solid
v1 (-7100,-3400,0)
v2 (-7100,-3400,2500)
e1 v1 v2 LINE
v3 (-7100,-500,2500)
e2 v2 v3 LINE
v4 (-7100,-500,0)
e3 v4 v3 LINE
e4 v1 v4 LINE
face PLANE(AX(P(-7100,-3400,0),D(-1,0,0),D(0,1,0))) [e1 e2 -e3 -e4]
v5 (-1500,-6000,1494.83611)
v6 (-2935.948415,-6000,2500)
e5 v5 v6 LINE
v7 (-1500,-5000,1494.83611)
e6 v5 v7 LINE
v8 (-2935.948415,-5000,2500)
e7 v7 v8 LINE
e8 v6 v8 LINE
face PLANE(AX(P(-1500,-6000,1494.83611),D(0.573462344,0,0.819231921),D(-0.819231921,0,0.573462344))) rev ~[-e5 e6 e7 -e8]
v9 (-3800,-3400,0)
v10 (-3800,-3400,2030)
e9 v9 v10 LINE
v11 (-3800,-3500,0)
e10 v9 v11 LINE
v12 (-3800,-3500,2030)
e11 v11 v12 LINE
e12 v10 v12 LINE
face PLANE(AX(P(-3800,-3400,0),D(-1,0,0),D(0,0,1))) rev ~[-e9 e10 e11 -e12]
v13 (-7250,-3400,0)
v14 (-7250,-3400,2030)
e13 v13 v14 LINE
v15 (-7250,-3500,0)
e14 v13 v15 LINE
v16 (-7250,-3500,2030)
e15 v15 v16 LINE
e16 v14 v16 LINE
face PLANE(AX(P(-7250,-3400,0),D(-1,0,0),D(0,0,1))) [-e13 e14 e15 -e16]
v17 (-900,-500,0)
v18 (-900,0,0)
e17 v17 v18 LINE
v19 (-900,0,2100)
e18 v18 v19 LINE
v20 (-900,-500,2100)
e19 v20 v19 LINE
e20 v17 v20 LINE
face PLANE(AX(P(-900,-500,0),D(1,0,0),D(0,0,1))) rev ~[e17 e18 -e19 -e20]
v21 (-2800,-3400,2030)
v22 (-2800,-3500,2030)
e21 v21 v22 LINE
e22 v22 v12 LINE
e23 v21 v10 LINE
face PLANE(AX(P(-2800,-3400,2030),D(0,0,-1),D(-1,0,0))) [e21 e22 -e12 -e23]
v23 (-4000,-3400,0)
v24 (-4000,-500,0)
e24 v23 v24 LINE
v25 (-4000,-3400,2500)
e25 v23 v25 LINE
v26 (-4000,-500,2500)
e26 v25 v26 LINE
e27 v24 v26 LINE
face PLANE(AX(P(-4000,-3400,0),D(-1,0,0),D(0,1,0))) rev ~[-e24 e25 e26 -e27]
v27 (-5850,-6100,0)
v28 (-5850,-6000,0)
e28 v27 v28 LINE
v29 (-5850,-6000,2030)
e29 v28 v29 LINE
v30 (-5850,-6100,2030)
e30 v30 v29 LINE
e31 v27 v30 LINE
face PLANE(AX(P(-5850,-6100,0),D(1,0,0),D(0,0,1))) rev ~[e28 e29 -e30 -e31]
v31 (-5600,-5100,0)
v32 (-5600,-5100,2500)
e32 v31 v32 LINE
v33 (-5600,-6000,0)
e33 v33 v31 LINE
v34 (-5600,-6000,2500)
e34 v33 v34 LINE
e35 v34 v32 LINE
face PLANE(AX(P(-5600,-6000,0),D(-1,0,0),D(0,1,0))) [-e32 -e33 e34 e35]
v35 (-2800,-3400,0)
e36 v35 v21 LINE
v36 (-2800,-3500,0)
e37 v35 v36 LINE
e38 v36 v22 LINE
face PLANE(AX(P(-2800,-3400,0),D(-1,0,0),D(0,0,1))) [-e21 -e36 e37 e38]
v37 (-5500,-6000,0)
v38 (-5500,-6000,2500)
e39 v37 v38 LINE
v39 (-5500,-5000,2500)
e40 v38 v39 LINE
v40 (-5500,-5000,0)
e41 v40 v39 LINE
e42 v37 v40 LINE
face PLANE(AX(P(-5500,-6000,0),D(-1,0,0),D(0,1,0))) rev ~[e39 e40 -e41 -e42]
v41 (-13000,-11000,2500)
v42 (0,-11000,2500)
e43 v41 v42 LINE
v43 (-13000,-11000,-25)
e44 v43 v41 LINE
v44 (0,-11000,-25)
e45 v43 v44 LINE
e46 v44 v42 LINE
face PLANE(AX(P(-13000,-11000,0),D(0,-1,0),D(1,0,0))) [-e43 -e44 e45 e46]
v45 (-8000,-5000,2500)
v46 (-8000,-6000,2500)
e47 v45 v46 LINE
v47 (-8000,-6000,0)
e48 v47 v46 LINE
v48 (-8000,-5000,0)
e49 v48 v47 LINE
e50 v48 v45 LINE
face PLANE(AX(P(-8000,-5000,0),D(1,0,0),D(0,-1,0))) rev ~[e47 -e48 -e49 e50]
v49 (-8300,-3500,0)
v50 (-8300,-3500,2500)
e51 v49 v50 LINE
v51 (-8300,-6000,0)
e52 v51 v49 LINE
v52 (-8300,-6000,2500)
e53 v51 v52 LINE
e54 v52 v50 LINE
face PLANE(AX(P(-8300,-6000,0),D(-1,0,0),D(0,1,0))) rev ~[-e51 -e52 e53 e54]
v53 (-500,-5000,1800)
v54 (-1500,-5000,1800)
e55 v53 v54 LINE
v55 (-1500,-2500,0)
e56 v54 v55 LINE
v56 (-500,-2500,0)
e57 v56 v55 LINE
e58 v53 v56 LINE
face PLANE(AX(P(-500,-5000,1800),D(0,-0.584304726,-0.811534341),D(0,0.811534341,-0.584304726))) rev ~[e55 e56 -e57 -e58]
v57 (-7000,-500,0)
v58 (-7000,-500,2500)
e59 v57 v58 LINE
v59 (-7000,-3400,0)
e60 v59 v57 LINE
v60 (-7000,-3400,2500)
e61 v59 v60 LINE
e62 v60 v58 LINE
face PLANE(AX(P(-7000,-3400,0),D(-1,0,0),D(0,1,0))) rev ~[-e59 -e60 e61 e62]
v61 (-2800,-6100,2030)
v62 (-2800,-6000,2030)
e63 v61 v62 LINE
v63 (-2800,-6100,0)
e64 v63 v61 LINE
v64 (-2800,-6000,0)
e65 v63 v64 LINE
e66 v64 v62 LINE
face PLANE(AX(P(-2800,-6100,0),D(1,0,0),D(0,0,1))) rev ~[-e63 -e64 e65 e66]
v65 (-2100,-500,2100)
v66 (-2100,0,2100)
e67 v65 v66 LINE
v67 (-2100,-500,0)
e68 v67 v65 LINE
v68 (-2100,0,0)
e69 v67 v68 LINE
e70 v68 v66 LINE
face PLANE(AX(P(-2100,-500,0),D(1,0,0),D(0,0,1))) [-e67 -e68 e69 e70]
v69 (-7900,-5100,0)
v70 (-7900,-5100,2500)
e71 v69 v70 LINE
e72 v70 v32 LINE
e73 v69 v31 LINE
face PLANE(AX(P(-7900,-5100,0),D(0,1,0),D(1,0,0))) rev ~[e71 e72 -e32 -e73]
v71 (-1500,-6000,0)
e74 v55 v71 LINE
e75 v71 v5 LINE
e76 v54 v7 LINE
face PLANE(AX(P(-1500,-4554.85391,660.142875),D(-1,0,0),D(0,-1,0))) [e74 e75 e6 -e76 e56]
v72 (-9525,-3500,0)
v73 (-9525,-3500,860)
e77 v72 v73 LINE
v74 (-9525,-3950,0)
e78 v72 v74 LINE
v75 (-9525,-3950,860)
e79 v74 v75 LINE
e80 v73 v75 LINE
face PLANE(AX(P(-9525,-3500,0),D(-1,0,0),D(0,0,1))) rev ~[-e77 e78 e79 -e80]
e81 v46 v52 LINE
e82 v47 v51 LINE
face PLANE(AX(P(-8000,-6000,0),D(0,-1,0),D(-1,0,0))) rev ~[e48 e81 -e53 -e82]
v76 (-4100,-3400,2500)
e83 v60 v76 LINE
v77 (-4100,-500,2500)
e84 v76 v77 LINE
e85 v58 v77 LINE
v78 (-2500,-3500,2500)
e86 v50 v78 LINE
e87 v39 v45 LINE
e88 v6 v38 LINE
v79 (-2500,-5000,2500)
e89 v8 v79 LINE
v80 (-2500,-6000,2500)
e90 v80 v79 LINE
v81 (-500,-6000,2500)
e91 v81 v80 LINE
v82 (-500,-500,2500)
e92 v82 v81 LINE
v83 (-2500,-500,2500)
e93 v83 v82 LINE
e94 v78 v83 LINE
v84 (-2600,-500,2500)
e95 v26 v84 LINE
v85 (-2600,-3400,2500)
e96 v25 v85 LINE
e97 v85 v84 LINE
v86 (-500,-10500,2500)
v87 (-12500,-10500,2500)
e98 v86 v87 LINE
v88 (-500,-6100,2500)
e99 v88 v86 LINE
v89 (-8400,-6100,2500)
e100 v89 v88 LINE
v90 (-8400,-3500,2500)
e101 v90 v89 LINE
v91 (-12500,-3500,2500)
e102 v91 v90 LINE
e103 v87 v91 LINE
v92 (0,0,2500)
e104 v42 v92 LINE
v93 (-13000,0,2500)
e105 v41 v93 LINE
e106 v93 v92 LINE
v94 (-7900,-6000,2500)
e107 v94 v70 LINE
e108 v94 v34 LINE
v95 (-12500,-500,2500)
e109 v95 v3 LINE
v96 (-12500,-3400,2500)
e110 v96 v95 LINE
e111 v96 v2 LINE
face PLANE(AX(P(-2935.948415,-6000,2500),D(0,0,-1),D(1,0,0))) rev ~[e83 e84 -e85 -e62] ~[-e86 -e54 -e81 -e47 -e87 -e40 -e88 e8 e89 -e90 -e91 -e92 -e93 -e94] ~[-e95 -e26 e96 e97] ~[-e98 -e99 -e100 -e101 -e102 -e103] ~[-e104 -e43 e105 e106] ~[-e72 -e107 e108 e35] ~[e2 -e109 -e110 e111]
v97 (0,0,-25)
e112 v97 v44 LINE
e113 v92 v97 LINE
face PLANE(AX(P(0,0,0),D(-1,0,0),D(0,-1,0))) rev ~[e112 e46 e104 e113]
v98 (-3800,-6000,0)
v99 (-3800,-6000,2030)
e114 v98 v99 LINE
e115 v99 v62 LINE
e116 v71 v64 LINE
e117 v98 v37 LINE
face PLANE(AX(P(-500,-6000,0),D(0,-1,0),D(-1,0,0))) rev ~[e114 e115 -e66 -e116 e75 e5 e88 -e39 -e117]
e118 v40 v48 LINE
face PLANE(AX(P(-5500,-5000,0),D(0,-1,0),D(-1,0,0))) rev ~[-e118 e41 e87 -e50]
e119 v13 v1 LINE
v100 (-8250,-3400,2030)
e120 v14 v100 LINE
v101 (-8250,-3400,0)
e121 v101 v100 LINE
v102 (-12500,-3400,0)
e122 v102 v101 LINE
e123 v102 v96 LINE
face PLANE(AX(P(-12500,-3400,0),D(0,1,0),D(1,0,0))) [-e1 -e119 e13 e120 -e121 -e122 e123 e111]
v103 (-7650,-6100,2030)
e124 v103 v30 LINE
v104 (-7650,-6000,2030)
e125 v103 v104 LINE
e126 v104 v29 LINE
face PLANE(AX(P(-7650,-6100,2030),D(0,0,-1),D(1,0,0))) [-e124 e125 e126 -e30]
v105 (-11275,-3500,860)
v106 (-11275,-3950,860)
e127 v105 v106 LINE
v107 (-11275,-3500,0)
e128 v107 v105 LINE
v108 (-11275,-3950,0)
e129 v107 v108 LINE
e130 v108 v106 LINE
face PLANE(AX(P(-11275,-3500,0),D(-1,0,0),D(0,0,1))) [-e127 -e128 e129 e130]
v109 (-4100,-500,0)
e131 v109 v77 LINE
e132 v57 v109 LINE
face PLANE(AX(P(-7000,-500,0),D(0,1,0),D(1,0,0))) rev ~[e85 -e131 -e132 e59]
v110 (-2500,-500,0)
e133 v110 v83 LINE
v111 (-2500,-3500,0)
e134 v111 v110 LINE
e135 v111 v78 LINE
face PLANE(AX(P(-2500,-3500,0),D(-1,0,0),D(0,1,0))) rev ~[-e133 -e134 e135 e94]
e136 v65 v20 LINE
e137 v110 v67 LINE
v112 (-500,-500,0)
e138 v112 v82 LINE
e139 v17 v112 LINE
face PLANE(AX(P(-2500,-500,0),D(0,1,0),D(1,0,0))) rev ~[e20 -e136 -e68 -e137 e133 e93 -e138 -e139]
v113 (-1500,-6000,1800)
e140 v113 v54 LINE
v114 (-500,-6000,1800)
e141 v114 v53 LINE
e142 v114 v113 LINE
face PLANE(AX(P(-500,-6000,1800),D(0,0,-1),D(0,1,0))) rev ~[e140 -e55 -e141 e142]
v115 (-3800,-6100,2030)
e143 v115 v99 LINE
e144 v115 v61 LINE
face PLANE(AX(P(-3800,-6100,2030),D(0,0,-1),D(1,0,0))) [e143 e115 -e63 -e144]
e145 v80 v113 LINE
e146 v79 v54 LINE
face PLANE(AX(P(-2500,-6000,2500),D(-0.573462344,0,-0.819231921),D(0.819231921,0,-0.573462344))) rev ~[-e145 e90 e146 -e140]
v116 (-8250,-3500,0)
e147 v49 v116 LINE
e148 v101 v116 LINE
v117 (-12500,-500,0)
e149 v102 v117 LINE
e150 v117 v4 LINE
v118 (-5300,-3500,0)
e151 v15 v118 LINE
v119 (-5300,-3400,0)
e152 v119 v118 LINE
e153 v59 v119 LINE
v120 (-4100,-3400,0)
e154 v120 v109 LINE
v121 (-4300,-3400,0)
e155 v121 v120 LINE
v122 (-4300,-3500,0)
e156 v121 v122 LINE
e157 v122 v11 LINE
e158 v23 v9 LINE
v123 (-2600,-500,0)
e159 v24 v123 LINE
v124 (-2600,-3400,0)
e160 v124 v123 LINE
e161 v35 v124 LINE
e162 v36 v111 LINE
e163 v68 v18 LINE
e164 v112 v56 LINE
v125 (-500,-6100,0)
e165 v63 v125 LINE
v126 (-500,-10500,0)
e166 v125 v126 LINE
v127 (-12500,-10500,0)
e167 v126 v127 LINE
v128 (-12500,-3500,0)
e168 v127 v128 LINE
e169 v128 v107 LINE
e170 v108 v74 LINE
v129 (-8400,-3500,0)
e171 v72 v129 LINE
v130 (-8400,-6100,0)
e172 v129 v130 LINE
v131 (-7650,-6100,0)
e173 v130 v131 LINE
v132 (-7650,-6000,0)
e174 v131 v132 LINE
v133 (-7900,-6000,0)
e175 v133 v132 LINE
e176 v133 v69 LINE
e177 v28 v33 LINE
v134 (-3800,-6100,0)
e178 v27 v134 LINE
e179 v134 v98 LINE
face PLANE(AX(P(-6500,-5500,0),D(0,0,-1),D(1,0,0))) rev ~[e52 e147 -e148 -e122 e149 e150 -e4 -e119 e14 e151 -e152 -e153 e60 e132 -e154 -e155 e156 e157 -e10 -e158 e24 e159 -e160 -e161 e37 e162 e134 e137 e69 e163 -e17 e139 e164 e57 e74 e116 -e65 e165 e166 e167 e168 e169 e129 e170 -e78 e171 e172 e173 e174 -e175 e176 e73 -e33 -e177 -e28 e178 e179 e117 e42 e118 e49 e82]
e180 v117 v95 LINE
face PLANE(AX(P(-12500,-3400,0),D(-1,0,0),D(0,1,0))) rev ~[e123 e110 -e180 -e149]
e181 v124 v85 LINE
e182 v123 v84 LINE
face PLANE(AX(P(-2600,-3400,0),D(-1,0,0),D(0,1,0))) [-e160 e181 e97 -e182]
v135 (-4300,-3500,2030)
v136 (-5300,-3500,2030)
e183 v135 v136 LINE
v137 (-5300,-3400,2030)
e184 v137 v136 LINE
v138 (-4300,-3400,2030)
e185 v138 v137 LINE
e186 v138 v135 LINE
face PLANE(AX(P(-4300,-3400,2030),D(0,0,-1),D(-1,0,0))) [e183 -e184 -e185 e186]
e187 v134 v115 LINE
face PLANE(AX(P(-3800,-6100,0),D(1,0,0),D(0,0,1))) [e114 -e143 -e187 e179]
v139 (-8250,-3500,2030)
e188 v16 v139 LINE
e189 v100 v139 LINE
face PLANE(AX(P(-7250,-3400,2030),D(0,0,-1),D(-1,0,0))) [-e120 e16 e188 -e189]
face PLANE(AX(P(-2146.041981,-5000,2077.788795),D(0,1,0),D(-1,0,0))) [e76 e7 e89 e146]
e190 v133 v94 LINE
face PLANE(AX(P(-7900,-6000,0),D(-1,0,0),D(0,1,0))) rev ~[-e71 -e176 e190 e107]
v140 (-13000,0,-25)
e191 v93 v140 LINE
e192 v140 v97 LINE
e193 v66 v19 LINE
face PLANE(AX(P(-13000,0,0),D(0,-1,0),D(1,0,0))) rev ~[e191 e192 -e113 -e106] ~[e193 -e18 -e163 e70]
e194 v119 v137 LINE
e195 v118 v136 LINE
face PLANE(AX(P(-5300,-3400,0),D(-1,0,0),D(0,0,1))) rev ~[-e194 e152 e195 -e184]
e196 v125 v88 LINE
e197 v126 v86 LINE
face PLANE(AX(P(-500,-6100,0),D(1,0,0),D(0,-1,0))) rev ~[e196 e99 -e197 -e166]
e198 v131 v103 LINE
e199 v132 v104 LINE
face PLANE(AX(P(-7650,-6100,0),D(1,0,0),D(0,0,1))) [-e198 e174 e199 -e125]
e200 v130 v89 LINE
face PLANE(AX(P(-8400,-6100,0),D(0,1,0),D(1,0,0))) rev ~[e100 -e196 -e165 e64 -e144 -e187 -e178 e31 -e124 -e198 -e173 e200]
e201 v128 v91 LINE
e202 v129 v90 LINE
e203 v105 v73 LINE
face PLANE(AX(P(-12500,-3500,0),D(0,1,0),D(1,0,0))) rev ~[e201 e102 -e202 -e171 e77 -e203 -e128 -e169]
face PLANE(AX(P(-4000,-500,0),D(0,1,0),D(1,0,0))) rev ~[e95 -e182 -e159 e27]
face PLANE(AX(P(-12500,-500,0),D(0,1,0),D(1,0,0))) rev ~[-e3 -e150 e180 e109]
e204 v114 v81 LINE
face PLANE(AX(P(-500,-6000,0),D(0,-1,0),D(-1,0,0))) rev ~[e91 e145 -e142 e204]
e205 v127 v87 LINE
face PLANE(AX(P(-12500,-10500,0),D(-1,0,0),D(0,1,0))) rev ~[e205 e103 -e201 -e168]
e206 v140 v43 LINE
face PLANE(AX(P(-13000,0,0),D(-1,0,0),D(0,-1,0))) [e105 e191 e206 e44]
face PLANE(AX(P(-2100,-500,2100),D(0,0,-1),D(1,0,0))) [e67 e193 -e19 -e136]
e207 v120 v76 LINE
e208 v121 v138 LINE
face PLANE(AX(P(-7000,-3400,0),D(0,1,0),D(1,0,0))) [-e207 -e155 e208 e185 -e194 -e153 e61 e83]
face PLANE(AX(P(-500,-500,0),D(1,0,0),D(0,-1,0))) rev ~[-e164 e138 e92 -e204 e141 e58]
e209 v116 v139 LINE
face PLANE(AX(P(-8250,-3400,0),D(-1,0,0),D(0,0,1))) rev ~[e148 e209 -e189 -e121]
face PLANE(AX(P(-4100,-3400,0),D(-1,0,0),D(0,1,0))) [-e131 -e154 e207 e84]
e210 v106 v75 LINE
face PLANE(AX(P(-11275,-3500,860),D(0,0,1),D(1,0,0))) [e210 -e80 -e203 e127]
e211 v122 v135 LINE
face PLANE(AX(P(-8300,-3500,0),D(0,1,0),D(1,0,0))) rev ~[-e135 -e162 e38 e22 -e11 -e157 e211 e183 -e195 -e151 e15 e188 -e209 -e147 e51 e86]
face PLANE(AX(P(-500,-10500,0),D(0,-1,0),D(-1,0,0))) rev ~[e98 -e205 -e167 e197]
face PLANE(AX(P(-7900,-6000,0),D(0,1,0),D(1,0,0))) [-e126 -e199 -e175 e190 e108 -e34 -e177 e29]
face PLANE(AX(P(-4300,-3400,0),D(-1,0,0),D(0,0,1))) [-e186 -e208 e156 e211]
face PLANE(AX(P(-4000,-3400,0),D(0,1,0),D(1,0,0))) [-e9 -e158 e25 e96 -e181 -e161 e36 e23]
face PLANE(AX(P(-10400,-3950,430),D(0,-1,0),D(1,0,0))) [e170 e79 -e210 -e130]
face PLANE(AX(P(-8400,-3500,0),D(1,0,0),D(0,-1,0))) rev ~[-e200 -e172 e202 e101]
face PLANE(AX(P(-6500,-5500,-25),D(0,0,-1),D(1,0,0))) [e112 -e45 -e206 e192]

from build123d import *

# Parameters (mm, degrees)
F0_W      = 13000
F0_H      = 11000
F0_W_2    = 2300
F0_H_2    = 900
F0_W_3    = 5400
F0_H_3    = 2900
F0_W_4    = 2900
F0_W_5    = 1400
F1_DEPTH  = 2500
F2_W      = 1200
F2_H      = 2100
F3_DEPTH  = 500
F4_W      = 1000
F4_H      = 2030
F5_DEPTH  = 100
F6_W      = 1800
F6_H      = 2030
F6_W_2    = 1000
F7_DEPTH  = 100
F8_W      = 1750
F8_H      = 860
F9_DEPTH  = 450
F10_W     = 13000
F10_H     = 11000
F11_DEPTH = 25
F13_DEPTH = 1000
F15_DEPTH = 1000


with BuildPart() as f1:
    # F0 (on Top) → F1 (new body)
    with BuildSketch(Plane.XY):
        with Locations((-6500, -5500)):
            Rectangle(F0_W, F0_H)
        with Locations((-6750, -5550)):
            Rectangle(F0_W_2, F0_H_2, mode=Mode.SUBTRACT)
        Polygon((-500, -10500), (-12500, -10500), (-12500, -3500), (-8400, -3500), (-8400, -6100), (-500, -6100), align=None, mode=Mode.SUBTRACT)
        with Locations((-9800, -1950)):
            Rectangle(F0_W_3, F0_H_3, mode=Mode.SUBTRACT)
        Polygon((-8300, -6000), (-8300, -3500), (-2500, -3500), (-2500, -500), (-500, -500), (-500, -6000), (-5500, -6000), (-5500, -5000), (-8000, -5000), (-8000, -6000), align=None, mode=Mode.SUBTRACT)
        with Locations((-5550, -1950)):
            Rectangle(F0_W_4, F0_H_3, mode=Mode.SUBTRACT)
        with Locations((-3300, -1950)):
            Rectangle(F0_W_5, F0_H_3, mode=Mode.SUBTRACT)
    extrude(amount=F1_DEPTH)

    # F2 (on face) → F3 (cut, through all)
    with BuildSketch(Plane.XZ.offset(500)):
        with Locations((-1500, 1050)):
            Rectangle(F2_W, F2_H)
    extrude(amount=-F3_DEPTH, mode=Mode.SUBTRACT)

    # F4 (on face) → F5 (cut, through all)
    with BuildSketch(Plane(origin=(0, -3400, 0), x_dir=(-1, 0, 0), z_dir=(0, 1, 0))):
        with Locations((3300, 1015)):
            Rectangle(F4_W, F4_H)
        with Locations((4800, 1015)):
            Rectangle(F4_W, F4_H)
        with Locations((7750, 1015)):
            Rectangle(F4_W, F4_H)
    extrude(amount=-F5_DEPTH, mode=Mode.SUBTRACT)

    # F6 (on face) → F7 (cut, through all)
    with BuildSketch(Plane.XZ.offset(6100)):
        with Locations((-6750, 1015)):
            Rectangle(F6_W, F6_H)
        with Locations((-3300, 1015)):
            Rectangle(F6_W_2, F6_H)
    extrude(amount=-F7_DEPTH, mode=Mode.SUBTRACT)

    # F8 (on face) → F9 (join)
    with BuildSketch(Plane.XZ.offset(3500)):
        with Locations((-10400, 430)):
            Rectangle(F8_W, F8_H)
    extrude(amount=F9_DEPTH)

    # F10 (on face) → F11 (join)
    with BuildSketch(Plane(origin=(0, 0, 0), x_dir=(1, 0, 0), z_dir=(0, 0, -1))):
        with Locations((-6500, 5500)):
            Rectangle(F10_W, F10_H)
    extrude(amount=F11_DEPTH)

    # F12 (on face) → F13 (join)
    with BuildSketch(Plane(origin=(-500, 0, 0), x_dir=(0, -1, 0), z_dir=(-1, 0, 0))):
        Polygon((2500, 0), (6000, 0), (6000, 1800), (5000, 1800), align=None)
    extrude(amount=F13_DEPTH)

    # F14 (on face) → F15 (join)
    with BuildSketch(Plane(origin=(0, -6000, 0), x_dir=(-1, 0, 0), z_dir=(0, 1, 0))):
        Polygon((2500, 2500), (1500, 1800), (1500, 1494.83611), (2935.948415, 2500), align=None)
    extrude(amount=F15_DEPTH)


solid = f1.part
